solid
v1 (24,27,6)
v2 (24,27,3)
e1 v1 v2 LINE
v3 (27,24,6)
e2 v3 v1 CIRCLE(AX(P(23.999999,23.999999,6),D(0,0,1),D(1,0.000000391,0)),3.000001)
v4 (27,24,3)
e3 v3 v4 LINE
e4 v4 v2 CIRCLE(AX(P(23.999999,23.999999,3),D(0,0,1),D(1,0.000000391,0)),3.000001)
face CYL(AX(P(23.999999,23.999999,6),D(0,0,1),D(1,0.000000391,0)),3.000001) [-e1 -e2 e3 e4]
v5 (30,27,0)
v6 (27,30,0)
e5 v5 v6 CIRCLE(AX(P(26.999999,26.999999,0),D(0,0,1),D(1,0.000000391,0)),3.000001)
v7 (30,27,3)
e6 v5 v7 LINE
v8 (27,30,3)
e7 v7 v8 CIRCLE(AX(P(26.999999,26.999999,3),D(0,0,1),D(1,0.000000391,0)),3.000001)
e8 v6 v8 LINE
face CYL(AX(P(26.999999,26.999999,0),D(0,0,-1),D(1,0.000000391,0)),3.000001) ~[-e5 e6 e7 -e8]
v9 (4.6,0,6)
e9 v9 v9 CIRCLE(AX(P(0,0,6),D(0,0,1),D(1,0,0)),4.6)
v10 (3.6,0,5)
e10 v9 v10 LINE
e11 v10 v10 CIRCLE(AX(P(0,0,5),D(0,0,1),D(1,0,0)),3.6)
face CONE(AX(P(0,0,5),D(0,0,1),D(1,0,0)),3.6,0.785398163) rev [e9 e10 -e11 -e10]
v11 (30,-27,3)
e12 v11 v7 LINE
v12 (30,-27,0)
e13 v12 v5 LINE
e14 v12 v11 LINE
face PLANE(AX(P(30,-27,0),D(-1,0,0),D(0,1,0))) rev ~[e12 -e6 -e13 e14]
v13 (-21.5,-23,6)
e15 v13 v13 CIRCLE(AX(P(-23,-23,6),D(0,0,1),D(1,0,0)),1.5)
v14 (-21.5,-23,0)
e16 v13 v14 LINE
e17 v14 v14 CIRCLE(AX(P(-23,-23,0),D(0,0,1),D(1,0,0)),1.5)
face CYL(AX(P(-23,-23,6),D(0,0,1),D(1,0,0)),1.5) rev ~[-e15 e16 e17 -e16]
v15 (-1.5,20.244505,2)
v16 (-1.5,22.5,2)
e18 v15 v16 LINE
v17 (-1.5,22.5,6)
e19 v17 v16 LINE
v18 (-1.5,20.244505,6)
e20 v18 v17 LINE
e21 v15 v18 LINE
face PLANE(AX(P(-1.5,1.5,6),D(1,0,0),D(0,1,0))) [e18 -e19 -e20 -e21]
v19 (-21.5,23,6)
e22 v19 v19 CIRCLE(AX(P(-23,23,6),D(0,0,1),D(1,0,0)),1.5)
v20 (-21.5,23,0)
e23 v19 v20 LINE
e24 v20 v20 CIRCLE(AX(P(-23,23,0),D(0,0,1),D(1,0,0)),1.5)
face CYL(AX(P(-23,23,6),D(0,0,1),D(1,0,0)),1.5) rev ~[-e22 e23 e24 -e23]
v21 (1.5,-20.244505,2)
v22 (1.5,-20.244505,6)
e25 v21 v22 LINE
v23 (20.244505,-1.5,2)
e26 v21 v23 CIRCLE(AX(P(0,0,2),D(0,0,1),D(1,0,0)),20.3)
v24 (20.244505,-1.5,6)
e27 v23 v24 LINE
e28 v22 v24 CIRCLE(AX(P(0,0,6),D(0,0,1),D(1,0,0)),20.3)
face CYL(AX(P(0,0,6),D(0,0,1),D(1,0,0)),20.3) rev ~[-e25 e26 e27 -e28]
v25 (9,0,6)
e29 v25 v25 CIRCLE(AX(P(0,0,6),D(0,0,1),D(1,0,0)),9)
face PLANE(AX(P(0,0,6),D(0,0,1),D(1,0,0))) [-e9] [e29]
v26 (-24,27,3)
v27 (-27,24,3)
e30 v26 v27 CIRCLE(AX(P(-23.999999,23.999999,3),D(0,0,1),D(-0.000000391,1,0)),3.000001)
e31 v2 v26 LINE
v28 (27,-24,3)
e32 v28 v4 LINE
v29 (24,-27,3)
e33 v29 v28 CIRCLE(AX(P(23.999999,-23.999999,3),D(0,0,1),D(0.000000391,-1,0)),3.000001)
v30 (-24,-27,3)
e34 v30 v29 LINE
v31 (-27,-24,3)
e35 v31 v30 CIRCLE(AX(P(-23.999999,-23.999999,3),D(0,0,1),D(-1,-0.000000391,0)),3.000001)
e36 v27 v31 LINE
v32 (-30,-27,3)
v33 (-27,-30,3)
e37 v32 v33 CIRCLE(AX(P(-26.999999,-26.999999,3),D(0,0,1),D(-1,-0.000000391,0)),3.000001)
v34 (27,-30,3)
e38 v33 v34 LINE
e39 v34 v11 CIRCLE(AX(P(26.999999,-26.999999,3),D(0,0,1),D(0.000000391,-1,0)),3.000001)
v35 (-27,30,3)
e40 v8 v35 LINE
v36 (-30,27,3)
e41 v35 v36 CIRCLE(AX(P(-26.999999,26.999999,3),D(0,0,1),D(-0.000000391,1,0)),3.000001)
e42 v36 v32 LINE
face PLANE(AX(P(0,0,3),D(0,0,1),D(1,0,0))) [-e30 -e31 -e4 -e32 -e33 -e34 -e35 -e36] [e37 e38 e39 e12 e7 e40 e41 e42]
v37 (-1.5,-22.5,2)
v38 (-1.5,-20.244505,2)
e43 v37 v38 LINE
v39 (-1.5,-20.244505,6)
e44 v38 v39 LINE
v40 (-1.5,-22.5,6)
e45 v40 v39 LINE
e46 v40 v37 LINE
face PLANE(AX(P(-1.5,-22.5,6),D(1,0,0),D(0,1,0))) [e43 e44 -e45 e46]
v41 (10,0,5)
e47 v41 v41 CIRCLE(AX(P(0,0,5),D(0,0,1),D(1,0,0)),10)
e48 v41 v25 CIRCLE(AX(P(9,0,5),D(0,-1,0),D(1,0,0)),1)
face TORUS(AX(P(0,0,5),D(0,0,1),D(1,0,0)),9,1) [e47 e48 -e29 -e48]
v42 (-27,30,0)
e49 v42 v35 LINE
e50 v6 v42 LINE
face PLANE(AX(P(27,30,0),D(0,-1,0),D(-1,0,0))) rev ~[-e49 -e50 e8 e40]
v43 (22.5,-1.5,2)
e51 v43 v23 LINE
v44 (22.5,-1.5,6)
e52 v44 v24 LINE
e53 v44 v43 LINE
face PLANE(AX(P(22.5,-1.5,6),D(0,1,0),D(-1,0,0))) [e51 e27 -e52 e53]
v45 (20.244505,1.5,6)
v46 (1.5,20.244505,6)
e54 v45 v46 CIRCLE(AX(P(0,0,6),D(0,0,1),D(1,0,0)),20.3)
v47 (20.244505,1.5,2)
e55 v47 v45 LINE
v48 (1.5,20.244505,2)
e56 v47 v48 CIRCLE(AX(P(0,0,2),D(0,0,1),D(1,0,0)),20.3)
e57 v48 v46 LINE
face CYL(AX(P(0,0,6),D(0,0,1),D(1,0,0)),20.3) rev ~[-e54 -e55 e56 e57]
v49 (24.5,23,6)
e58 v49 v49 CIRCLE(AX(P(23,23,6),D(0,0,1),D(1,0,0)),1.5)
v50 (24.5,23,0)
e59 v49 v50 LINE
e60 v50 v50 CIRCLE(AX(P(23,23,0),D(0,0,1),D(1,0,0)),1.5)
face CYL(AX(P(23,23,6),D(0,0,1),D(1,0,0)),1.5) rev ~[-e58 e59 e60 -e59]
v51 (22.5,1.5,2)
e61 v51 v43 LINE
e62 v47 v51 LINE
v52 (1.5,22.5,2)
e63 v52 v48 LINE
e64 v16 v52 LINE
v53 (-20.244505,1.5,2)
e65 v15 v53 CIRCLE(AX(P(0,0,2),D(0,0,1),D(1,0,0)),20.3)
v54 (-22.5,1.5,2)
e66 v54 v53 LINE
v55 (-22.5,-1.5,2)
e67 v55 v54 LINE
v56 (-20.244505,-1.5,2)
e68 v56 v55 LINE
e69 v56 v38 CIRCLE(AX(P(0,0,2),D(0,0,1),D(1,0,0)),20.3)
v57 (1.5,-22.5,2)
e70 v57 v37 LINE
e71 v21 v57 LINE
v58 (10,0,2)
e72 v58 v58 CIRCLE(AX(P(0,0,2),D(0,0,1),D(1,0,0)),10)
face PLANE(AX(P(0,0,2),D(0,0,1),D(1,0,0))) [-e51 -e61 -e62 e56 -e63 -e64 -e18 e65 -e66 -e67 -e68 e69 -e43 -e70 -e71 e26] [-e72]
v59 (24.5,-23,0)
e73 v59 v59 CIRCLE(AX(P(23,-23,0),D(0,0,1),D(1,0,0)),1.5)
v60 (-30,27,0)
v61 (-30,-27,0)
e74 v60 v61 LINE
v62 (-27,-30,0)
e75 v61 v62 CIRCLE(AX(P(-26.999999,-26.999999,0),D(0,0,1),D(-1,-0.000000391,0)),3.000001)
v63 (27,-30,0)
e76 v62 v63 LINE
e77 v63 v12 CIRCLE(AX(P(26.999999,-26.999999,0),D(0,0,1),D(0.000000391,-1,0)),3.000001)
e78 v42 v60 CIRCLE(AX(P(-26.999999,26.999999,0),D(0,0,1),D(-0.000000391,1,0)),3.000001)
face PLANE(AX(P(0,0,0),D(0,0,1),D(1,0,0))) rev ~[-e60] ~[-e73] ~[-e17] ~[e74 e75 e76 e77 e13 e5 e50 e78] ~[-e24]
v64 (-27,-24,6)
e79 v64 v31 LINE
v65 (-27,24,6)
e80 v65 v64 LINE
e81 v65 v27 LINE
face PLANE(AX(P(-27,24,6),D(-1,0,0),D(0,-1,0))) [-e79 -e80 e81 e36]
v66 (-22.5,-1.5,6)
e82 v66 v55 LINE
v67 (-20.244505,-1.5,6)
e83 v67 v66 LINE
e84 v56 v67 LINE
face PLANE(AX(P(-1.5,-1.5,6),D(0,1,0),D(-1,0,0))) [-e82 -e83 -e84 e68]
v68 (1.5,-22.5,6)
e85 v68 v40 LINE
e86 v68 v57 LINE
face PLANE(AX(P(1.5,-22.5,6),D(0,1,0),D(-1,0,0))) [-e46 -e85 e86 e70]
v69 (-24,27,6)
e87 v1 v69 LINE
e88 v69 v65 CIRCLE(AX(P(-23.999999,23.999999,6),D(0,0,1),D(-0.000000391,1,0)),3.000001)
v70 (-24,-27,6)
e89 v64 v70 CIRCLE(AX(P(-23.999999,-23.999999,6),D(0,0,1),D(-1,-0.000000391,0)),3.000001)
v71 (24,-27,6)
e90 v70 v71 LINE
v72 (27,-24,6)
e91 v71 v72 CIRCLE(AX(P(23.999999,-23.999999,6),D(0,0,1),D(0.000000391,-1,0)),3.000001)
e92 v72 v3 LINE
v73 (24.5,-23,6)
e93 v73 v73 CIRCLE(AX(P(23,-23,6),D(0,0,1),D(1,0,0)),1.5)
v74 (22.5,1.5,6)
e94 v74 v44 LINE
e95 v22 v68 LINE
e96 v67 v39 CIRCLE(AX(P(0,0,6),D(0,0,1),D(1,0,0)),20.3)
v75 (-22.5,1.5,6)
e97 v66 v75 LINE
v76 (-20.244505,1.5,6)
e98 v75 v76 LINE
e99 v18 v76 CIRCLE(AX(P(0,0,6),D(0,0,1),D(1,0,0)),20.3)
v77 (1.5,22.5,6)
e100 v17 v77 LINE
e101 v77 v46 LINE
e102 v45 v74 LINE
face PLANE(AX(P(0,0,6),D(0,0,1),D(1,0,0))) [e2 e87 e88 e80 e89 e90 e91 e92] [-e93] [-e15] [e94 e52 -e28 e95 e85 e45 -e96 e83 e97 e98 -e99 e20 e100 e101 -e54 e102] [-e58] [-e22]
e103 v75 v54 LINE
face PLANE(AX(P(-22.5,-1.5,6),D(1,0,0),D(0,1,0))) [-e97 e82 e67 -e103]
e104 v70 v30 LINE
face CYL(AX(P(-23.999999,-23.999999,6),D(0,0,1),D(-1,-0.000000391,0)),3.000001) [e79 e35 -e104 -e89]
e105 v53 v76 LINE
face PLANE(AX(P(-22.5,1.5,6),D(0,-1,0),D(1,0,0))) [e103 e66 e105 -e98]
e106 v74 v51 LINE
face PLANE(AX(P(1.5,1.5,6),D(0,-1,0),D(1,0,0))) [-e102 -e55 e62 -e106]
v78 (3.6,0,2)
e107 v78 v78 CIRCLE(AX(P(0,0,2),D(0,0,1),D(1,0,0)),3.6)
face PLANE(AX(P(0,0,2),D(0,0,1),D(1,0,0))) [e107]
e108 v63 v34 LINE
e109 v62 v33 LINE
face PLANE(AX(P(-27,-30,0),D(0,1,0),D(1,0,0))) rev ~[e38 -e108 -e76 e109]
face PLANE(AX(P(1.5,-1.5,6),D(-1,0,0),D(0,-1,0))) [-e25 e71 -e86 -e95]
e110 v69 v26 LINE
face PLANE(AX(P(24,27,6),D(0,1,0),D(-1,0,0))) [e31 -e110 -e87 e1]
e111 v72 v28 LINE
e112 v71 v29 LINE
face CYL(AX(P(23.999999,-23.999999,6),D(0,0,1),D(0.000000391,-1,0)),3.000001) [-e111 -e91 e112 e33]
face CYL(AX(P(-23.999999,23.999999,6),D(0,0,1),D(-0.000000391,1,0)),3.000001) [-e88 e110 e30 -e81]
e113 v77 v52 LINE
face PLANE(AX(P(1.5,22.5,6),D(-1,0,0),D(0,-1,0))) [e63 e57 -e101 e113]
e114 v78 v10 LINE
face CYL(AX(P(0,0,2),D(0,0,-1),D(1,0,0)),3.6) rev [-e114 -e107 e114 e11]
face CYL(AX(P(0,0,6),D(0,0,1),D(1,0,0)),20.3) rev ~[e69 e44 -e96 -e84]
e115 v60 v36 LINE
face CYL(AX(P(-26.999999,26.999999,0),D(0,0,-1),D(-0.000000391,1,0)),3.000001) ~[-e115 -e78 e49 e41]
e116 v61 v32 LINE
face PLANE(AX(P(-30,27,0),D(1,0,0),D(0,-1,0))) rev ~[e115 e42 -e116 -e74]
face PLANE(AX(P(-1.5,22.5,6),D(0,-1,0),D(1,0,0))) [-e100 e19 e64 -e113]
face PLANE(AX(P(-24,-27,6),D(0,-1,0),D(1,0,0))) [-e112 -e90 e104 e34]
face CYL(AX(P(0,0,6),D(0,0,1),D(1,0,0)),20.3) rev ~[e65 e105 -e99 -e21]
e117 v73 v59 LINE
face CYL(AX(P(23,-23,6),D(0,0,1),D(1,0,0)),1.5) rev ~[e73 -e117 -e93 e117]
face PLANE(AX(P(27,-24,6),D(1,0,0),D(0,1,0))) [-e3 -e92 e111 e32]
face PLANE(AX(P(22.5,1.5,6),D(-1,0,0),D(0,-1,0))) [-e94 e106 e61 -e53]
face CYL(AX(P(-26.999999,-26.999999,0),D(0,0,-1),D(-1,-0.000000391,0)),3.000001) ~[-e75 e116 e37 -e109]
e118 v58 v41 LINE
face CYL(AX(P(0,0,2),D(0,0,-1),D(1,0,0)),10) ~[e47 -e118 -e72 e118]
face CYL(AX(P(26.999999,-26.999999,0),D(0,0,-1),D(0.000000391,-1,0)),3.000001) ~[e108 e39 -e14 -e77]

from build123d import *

# Parameters (mm, degrees)
PAD_DEPTH       = 6
SKETCH001_R     = 20.3
POCKET_DEPTH    = 4
POCKET001_DEPTH = 4
POCKET002_DEPTH = 3
SKETCH004_R     = 1.5
POCKET003_DEPTH = 6.001
SKETCH005_R     = 10
SKETCH005_R_2   = 3.6
PAD001_DEPTH    = 4
FILLET_R        = 1
CHAMFER_SIZE    = 1


with BuildPart() as part:
    # Sketch → Pad (new body)
    with BuildSketch(Plane.XY):
        with BuildLine():
            Line((-30, 27), (-30, -27))
            ThreePointArc((-30, -27), (-29.12132, -29.12132), (-27, -30))
            Line((-27, -30), (27, -30))
            ThreePointArc((27, -30), (29.12132, -29.12132), (30, -27))
            Line((30, -27), (30, 27))
            ThreePointArc((30, 27), (29.12132, 29.12132), (27, 30))
            Line((27, 30), (-27, 30))
            ThreePointArc((-27, 30), (-29.12132, 29.12132), (-30, 27))
        make_face()
    extrude(amount=PAD_DEPTH)

    # Sketch001 (on Face10 of Pad) → Pocket (cut)
    with BuildSketch(Plane.XY.offset(6)):
        Circle(SKETCH001_R)
    extrude(amount=-POCKET_DEPTH, mode=Mode.SUBTRACT)

    # Sketch002 (on Face5 of Pocket) → Pocket001 (cut)
    with BuildSketch(Plane.XY.offset(6)):
        Polygon((-22.5, 1.5), (-1.5, 1.5), (-1.5, 22.5), (1.5, 22.5), (1.5, 1.5), (22.5, 1.5), (22.5, -1.5), (1.5, -1.5), (1.5, -22.5), (-1.5, -22.5), (-1.5, -1.5), (-22.5, -1.5), align=None)
    extrude(amount=-POCKET001_DEPTH, mode=Mode.SUBTRACT)

    # Sketch003 (on Face5 of Pocket001) → Pocket002 (cut)
    with BuildSketch(Plane.XY.offset(6)):
        with BuildLine():
            Line((-30, 27), (-30, -27))
            ThreePointArc((-30, -27), (-29.12132, -29.12132), (-27, -30))
            Line((-27, -30), (27, -30))
            ThreePointArc((27, -30), (29.12132, -29.12132), (30, -27))
            Line((30, -27), (30, 27))
            ThreePointArc((30, 27), (29.12132, 29.12132), (27, 30))
            Line((27, 30), (-27, 30))
            ThreePointArc((-27, 30), (-29.12132, 29.12132), (-30, 27))
        make_face()
        with BuildLine():
            Line((-27, 24), (-27, -24))
            ThreePointArc((-27, -24), (-26.12132, -26.12132), (-24, -27))
            Line((-24, -27), (24, -27))
            ThreePointArc((24, -27), (26.12132, -26.12132), (27, -24))
            Line((27, -24), (27, 24))
            ThreePointArc((27, 24), (26.12132, 26.12132), (24, 27))
            Line((24, 27), (-24, 27))
            ThreePointArc((-24, 27), (-26.12132, 26.12132), (-27, 24))
        make_face(mode=Mode.SUBTRACT)
    extrude(amount=-POCKET002_DEPTH, mode=Mode.SUBTRACT)

    # Sketch004 (on Face19 of Pocket002) → Pocket003 (cut, through all)
    with BuildSketch(Plane.XY.offset(6)):
        with Locations((-23, 23)):
            Circle(SKETCH004_R)
        with Locations((-23, -23)):
            Circle(SKETCH004_R)
        with Locations((23, -23)):
            Circle(SKETCH004_R)
        with Locations((23, 23)):
            Circle(SKETCH004_R)
    extrude(amount=-POCKET003_DEPTH, mode=Mode.SUBTRACT)

    # Sketch005 (on Face40 of Pocket003) → Pad001 (join)
    with BuildSketch(Plane.XY.offset(2)):
        Circle(SKETCH005_R)
        Circle(SKETCH005_R_2, mode=Mode.SUBTRACT)
    extrude(amount=PAD001_DEPTH)

    # Fillet
    fillet_edges = [part.edges().sort_by_distance(p)[0] for p in [
        (-10, 0, 6),
    ]]
    fillet(fillet_edges, radius=FILLET_R)

    # Chamfer
    chamfer_edges = [part.edges().sort_by_distance(p)[0] for p in [
        (-3.6, 0, 6),
    ]]
    chamfer(chamfer_edges, length=CHAMFER_SIZE)


solid = part.part
